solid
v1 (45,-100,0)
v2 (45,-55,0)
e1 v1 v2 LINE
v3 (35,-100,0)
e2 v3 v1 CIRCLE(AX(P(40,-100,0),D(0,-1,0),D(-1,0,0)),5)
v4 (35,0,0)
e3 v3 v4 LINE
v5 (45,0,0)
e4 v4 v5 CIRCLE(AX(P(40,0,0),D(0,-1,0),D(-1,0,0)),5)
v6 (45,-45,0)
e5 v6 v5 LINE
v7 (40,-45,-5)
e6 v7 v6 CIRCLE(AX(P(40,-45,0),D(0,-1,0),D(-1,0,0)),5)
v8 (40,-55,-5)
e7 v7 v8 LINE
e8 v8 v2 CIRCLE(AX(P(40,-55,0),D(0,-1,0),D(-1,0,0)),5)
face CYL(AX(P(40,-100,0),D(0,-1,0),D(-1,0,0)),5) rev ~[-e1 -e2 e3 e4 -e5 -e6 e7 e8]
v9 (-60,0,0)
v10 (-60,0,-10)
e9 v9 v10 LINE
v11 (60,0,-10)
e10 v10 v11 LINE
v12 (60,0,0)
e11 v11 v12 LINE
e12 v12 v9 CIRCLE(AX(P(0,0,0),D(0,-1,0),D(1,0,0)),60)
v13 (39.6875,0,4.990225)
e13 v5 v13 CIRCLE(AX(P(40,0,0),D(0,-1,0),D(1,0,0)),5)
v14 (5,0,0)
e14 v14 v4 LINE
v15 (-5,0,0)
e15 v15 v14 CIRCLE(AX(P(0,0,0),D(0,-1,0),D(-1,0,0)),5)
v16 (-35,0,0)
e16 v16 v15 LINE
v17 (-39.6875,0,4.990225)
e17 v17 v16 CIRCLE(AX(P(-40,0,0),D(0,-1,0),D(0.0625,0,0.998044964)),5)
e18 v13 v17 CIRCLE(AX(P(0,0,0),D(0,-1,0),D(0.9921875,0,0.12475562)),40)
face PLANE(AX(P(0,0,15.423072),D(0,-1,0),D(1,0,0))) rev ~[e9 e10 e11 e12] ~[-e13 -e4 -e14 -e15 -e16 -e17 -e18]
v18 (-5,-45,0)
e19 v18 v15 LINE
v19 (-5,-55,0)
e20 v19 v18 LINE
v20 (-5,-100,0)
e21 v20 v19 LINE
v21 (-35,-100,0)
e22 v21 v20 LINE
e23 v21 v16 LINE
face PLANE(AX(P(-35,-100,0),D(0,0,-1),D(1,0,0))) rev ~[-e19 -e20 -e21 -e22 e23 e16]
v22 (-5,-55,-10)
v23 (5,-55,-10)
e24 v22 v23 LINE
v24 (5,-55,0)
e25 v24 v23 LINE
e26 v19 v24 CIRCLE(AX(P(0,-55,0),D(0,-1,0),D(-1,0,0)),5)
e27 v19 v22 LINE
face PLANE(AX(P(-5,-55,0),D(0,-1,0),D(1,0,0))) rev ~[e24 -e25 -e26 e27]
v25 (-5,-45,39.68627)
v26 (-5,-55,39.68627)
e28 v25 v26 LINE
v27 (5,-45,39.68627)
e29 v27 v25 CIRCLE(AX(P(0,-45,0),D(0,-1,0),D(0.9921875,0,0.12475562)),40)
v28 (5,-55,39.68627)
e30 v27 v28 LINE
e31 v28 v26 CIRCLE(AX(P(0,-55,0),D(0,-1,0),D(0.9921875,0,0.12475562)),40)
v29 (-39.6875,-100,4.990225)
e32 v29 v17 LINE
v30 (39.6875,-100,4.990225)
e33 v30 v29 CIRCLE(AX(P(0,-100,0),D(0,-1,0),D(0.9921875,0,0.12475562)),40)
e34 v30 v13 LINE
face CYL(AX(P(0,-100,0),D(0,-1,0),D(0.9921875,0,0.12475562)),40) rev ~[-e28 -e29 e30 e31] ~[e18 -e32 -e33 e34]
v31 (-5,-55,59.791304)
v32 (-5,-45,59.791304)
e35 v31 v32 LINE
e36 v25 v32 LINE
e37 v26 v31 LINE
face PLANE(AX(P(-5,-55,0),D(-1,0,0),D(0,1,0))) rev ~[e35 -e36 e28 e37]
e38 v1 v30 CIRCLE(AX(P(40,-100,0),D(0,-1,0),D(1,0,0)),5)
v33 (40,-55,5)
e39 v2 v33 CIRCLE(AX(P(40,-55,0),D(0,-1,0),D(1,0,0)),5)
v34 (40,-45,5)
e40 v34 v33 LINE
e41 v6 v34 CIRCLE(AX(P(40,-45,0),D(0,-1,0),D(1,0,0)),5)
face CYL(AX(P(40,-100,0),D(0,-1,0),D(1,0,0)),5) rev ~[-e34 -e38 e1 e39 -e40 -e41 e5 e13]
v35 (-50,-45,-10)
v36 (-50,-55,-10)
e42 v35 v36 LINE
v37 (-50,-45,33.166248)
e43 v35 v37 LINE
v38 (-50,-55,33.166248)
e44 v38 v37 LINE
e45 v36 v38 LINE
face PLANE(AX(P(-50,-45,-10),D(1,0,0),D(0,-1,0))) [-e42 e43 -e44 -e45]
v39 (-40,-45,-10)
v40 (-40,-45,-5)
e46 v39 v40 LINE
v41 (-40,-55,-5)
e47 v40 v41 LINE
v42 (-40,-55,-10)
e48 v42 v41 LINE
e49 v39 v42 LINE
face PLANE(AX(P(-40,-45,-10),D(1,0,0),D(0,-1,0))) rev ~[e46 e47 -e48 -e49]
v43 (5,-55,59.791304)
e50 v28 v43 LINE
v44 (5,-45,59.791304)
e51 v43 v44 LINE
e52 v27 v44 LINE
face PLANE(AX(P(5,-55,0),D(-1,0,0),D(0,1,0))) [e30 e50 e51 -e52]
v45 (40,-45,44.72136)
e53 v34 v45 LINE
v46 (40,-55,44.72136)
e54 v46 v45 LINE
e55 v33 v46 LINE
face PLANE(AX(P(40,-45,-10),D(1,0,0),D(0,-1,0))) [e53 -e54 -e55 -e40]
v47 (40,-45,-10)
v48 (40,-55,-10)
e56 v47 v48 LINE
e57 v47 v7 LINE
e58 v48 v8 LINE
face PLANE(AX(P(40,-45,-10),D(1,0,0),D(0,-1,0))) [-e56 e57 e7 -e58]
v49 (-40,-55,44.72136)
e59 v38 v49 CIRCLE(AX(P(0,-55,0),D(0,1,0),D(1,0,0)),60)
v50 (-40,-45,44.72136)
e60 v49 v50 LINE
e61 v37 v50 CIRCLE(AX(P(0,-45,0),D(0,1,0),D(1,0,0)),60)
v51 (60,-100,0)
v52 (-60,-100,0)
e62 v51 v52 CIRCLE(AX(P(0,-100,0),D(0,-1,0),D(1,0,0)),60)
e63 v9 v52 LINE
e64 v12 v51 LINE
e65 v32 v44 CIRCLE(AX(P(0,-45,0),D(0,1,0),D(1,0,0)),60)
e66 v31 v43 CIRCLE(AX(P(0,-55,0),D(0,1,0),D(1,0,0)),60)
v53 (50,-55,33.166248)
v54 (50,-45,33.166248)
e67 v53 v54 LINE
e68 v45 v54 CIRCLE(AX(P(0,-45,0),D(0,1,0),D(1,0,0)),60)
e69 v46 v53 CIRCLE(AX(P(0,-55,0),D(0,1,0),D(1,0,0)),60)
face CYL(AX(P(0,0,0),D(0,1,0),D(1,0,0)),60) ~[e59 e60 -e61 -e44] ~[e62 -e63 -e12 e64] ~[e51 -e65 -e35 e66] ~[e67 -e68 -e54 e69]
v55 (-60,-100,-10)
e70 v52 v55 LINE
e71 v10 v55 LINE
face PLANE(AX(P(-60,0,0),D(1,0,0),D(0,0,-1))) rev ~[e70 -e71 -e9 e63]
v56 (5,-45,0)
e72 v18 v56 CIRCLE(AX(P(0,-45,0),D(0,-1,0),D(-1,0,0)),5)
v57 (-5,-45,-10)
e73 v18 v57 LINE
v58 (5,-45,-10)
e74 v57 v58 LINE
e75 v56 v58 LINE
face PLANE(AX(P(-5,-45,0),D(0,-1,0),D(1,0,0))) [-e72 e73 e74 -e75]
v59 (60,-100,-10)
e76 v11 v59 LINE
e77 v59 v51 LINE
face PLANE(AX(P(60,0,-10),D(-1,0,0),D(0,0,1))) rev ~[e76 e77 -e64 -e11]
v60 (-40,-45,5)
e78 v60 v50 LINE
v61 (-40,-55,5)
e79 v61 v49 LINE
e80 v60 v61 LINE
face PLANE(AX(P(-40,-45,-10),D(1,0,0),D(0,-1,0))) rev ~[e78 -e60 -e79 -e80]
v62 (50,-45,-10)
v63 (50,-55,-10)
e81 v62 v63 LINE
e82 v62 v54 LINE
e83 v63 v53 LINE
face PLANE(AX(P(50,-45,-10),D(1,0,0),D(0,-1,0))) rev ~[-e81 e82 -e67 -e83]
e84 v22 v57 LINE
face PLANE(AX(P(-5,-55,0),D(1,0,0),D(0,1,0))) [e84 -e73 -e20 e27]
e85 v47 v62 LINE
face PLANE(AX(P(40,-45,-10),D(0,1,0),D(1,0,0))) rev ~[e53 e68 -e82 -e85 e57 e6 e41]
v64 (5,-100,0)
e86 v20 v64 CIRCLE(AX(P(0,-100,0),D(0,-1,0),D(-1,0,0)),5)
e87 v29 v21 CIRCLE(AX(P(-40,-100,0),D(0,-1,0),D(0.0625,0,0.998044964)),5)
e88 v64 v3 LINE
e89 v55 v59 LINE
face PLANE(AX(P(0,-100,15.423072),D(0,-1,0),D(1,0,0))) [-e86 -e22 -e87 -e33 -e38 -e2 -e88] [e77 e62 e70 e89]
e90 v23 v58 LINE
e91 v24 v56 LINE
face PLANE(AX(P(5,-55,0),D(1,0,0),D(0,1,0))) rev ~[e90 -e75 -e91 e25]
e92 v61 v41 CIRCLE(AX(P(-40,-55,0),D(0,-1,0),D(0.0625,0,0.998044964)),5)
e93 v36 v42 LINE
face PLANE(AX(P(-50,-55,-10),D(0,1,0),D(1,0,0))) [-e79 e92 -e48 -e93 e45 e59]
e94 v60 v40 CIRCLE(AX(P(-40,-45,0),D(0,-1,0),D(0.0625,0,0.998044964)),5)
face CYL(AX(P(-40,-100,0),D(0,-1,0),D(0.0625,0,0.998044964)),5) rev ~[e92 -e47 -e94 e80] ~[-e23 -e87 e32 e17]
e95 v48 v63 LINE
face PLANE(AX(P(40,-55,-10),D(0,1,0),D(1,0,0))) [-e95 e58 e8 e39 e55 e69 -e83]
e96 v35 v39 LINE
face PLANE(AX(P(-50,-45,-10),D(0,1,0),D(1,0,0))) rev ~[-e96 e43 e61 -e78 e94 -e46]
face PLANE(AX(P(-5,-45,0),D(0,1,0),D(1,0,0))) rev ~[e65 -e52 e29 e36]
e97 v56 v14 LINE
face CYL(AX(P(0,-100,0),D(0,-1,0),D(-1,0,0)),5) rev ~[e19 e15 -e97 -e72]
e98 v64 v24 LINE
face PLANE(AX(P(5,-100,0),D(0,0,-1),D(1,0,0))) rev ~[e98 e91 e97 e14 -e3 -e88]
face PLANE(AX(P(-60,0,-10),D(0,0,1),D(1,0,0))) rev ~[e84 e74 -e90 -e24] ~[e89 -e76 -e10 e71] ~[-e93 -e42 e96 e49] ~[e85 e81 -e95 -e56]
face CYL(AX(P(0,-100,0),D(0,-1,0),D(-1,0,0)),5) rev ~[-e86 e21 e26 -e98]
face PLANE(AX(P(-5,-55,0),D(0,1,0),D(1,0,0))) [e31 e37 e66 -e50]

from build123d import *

# Parameters (mm, degrees)
F1_DEPTH  = 100
F3_DEPTH  = 100.001
F4_W      = 10
F4_H      = 10
F5_DEPTH  = 10.001
F6_DEPTH  = 60.001
F7_W      = 10
F7_H      = 10
F8_DEPTH  = 70.001
F9_W      = 10
F9_H      = 10
F10_DEPTH = 70.001


with BuildPart() as f1:
    # F0 (on Front) → F1 (new body)
    with BuildSketch(Plane.XZ):
        with BuildLine():
            Line((60, -10), (60, 0))
            ThreePointArc((60, 0), (0, 60), (-60, 0))
            Line((-60, 0), (-60, -10))
            Line((-60, -10), (60, -10))
        make_face()
    extrude(amount=F1_DEPTH)

    # F2 (on face) → F3 (cut, through all)
    with BuildSketch(Plane.XZ.offset(100)):
        with BuildLine():
            Line((35, 0), (40, 0))
            ThreePointArc((40, 0), (39.9217985567, 2.5), (39.6875, 4.9902248196))
            ThreePointArc((39.6875, 4.9902248196), (36.3556550657, 3.4232659844), (35, 0))
        make_face()
        with BuildLine():
            ThreePointArc((39.6875, 4.9902248196), (39.9217985567, 2.5), (40, 0))
            Line((40, 0), (35, 0))
            ThreePointArc((35, 0), (40, -5), (45, 0))
            ThreePointArc((45, 0), (43.4232659844, 3.6443449343), (39.6875, 4.9902248196))
        make_face()
        with BuildLine():
            ThreePointArc((35, 0), (36.3556550657, 3.4232659844), (39.6875, 4.9902248196))
            ThreePointArc((39.6875, 4.9902248196), (0, 40), (-39.6875, 4.9902248196))
            ThreePointArc((-39.6875, 4.9902248196), (-36.3556550657, 3.4232659844), (-35, 0))
            Line((-35, 0), (-5, 0))
            ThreePointArc((-5, 0), (0, 5), (5, 0))
            Line((5, 0), (35, 0))
        make_face()
        with BuildLine():
            ThreePointArc((-35, 0), (-36.3556550657, 3.4232659844), (-39.6875, 4.9902248196))
            ThreePointArc((-39.6875, 4.9902248196), (-39.9217985567, 2.5), (-40, 0))
            Line((-40, 0), (-35, 0))
        make_face()
        with BuildLine():
            ThreePointArc((-40, 0), (-39.9217985567, 2.5), (-39.6875, 4.9902248196))
            ThreePointArc((-39.6875, 4.9902248196), (-43.6443449343, -3.4232659844), (-35, 0))
            Line((-35, 0), (-40, 0))
        make_face()
        with BuildLine():
            ThreePointArc((-5, 0), (0, -5), (5, 0))
            Line((5, 0), (-5, 0))
        make_face()
        with BuildLine():
            Line((-5, 0), (5, 0))
            ThreePointArc((5, 0), (0, 5), (-5, 0))
        make_face()
    extrude(amount=-F3_DEPTH, mode=Mode.SUBTRACT)

    # F4 (on Top) → F5 (cut, through all)
    with BuildSketch(Plane.XY):
        with Locations((0, -50)):
            Rectangle(F4_W, F4_H)
    extrude(amount=-F5_DEPTH, mode=Mode.SUBTRACT)

    # F4 (on Top) → F6 (cut, through all)
    with BuildSketch(Plane.XY):
        with Locations((0, -50)):
            Rectangle(F4_W, F4_H)
    extrude(amount=F6_DEPTH, mode=Mode.SUBTRACT)

    # F7 (on face) → F8 (cut, through all)
    with BuildSketch(Plane(origin=(0, 0, -10), x_dir=(1, 0, 0), z_dir=(0, 0, -1))):
        with Locations((45, 50)):
            Rectangle(F7_W, F7_H)
    extrude(amount=-F8_DEPTH, mode=Mode.SUBTRACT)

    # F9 (on face) → F10 (cut, through all)
    with BuildSketch(Plane(origin=(0, 0, -10), x_dir=(1, 0, 0), z_dir=(0, 0, -1))):
        with Locations((-45, 50)):
            Rectangle(F9_W, F9_H)
    extrude(amount=-F10_DEPTH, mode=Mode.SUBTRACT)


solid = f1.part
